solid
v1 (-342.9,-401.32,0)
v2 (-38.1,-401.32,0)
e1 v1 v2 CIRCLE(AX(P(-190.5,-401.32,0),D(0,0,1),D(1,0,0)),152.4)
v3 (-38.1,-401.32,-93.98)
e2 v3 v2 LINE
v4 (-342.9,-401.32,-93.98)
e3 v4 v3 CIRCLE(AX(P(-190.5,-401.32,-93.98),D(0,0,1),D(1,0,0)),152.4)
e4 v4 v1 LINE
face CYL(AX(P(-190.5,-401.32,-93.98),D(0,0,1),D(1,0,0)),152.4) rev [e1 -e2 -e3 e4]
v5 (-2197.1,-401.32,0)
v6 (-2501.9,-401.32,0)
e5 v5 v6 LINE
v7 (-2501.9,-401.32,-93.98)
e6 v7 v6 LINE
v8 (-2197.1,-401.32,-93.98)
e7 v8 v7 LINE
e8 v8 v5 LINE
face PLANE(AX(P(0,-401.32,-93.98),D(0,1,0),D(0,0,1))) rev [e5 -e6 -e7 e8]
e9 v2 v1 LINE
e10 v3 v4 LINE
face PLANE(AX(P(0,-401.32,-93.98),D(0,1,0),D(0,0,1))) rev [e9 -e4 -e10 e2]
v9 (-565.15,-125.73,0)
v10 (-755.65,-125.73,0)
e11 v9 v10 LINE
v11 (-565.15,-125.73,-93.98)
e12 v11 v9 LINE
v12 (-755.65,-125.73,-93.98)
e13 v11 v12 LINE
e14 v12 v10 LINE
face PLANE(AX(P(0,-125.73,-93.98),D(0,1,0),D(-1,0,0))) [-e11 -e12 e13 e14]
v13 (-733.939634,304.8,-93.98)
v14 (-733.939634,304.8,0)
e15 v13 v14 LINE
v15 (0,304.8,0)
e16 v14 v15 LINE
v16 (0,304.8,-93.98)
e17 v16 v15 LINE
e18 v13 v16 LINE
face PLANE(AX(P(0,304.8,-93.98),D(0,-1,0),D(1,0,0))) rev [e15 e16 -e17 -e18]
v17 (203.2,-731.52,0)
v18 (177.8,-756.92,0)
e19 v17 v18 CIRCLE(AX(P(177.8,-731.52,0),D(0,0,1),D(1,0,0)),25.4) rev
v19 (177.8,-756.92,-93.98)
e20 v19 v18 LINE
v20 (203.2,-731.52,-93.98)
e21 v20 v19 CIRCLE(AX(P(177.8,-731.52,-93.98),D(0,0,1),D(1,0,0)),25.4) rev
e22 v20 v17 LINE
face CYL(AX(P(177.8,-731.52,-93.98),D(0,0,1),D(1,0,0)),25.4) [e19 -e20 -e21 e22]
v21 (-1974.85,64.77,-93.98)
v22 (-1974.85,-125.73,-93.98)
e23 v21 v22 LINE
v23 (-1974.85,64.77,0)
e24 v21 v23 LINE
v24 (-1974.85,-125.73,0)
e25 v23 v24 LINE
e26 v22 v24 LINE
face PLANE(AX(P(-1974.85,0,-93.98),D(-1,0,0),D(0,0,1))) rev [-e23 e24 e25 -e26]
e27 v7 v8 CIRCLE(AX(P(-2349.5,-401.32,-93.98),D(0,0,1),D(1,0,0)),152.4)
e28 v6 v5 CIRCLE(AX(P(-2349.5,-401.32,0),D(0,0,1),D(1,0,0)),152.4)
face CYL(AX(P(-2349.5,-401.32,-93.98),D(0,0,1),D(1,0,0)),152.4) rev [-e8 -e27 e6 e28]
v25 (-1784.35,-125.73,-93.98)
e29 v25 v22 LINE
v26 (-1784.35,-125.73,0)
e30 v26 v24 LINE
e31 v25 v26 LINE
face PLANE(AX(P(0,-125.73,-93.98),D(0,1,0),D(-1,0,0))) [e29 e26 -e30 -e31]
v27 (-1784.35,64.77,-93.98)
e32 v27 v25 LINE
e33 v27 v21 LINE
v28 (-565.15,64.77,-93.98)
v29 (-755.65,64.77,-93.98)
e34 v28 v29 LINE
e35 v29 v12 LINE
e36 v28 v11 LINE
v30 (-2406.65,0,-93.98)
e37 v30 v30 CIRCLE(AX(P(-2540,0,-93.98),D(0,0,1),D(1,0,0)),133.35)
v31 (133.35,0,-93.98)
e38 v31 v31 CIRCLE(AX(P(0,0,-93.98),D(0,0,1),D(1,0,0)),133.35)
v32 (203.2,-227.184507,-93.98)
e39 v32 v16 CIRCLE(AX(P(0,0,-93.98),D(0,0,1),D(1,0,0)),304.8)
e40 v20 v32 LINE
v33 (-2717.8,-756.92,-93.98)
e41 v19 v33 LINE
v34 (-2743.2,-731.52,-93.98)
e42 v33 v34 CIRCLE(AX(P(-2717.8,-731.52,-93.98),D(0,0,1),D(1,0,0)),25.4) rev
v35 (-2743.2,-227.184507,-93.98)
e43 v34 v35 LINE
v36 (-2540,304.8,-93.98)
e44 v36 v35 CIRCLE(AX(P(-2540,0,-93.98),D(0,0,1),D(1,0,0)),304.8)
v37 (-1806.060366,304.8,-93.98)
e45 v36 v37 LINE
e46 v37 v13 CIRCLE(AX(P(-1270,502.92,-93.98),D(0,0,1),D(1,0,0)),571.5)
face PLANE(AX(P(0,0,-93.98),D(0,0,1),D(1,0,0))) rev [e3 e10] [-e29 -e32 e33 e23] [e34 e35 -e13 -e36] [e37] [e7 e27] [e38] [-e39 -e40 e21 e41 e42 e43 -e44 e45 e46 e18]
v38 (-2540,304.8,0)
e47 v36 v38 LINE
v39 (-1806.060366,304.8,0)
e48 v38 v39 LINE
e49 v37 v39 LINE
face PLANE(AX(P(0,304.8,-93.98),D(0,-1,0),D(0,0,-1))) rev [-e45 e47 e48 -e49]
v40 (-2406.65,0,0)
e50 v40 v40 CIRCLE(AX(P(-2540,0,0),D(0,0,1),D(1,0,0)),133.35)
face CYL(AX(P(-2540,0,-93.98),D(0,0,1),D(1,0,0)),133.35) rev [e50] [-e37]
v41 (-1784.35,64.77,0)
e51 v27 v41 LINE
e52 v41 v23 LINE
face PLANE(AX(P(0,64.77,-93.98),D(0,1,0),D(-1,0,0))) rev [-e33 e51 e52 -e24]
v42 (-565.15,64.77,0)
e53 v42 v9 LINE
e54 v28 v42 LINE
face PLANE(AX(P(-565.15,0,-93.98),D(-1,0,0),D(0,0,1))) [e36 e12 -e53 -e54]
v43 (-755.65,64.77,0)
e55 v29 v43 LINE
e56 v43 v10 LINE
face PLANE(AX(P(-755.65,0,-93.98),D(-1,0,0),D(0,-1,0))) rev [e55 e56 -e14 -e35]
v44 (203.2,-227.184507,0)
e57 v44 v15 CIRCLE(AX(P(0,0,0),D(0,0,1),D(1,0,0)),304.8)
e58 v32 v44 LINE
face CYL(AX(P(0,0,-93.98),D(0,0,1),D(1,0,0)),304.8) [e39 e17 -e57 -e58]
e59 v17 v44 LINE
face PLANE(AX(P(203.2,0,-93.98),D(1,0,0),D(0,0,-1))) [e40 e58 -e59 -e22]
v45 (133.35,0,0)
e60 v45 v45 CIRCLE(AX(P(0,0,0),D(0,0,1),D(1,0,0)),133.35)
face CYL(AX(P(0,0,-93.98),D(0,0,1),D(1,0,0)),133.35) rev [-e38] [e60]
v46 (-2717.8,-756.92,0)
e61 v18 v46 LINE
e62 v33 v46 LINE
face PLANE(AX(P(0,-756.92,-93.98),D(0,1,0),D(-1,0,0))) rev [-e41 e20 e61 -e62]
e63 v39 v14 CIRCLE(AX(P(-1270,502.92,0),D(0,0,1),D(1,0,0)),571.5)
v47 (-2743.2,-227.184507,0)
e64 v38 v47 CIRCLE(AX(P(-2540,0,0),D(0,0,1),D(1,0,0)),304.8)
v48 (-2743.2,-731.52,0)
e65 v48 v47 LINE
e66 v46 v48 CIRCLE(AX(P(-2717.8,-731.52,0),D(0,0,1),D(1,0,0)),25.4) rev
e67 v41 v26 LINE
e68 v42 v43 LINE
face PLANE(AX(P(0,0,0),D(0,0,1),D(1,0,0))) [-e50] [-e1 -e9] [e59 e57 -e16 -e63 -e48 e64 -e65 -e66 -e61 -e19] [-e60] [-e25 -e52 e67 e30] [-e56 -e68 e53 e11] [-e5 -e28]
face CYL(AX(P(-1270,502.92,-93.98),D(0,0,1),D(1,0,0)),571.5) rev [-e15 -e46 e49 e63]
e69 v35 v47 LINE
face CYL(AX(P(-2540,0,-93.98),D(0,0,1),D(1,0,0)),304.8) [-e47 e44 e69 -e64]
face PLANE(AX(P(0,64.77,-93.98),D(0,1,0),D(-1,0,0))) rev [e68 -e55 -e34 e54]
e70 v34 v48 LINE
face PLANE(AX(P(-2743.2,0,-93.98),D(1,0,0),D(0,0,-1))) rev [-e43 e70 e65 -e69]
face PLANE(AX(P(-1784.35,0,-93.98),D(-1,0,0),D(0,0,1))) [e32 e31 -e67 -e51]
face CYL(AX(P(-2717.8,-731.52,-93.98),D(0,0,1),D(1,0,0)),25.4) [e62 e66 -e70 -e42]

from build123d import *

# Parameters (mm, degrees)
SKETCH1_R           = 133.35
SKETCH1_W           = 190.5
SKETCH1_H           = 190.5
BOSS_EXTRUDE1_DEPTH = 93.98


with BuildPart() as part:
    # Sketch1 → Boss-Extrude1 (new body)
    with BuildSketch(Plane.XY):
        with BuildLine():
            Line((-2743.2, -227.184506514), (-2743.2, -731.52))
            ThreePointArc((-2743.2, -731.52), (-2735.760512242, -749.480512242), (-2717.8, -756.92))
            Line((-2717.8, -756.92), (-2540, -756.92))
            Line((-2540, -756.92), (177.8, -756.92))
            ThreePointArc((177.8, -756.92), (195.760512242, -749.480512242), (203.2, -731.52))
            Line((203.2, -731.52), (203.2, -227.184506514))
            ThreePointArc((203.2, -227.184506514), (284.735735012, 108.759372963), (0, 304.8))
            Line((0, 304.8), (-733.939634369, 304.8))
            ThreePointArc((-733.939634369, 304.8), (-1270, -68.58), (-1806.060365631, 304.8))
            Line((-1806.060365631, 304.8), (-2540, 304.8))
            ThreePointArc((-2540, 304.8), (-2824.735735012, 108.759372963), (-2743.2, -227.184506514))
        make_face()
        with BuildLine():
            Line((-2501.9, -401.32), (-2197.1, -401.32))
            ThreePointArc((-2197.1, -401.32), (-2349.5, -553.72), (-2501.9, -401.32))
        make_face(mode=Mode.SUBTRACT)
        with BuildLine():
            Line((-342.9, -401.32), (-38.1, -401.32))
            ThreePointArc((-38.1, -401.32), (-190.5, -553.72), (-342.9, -401.32))
        make_face(mode=Mode.SUBTRACT)
        with Locations((-2540, 0)):
            Circle(SKETCH1_R, mode=Mode.SUBTRACT)
        with Locations((-1879.6, -30.48)):
            Rectangle(SKETCH1_W, SKETCH1_H, mode=Mode.SUBTRACT)
        with Locations((-660.4, -30.48)):
            Rectangle(SKETCH1_W, SKETCH1_H, mode=Mode.SUBTRACT)
        Circle(SKETCH1_R, mode=Mode.SUBTRACT)
    extrude(amount=-BOSS_EXTRUDE1_DEPTH)


solid = part.part
